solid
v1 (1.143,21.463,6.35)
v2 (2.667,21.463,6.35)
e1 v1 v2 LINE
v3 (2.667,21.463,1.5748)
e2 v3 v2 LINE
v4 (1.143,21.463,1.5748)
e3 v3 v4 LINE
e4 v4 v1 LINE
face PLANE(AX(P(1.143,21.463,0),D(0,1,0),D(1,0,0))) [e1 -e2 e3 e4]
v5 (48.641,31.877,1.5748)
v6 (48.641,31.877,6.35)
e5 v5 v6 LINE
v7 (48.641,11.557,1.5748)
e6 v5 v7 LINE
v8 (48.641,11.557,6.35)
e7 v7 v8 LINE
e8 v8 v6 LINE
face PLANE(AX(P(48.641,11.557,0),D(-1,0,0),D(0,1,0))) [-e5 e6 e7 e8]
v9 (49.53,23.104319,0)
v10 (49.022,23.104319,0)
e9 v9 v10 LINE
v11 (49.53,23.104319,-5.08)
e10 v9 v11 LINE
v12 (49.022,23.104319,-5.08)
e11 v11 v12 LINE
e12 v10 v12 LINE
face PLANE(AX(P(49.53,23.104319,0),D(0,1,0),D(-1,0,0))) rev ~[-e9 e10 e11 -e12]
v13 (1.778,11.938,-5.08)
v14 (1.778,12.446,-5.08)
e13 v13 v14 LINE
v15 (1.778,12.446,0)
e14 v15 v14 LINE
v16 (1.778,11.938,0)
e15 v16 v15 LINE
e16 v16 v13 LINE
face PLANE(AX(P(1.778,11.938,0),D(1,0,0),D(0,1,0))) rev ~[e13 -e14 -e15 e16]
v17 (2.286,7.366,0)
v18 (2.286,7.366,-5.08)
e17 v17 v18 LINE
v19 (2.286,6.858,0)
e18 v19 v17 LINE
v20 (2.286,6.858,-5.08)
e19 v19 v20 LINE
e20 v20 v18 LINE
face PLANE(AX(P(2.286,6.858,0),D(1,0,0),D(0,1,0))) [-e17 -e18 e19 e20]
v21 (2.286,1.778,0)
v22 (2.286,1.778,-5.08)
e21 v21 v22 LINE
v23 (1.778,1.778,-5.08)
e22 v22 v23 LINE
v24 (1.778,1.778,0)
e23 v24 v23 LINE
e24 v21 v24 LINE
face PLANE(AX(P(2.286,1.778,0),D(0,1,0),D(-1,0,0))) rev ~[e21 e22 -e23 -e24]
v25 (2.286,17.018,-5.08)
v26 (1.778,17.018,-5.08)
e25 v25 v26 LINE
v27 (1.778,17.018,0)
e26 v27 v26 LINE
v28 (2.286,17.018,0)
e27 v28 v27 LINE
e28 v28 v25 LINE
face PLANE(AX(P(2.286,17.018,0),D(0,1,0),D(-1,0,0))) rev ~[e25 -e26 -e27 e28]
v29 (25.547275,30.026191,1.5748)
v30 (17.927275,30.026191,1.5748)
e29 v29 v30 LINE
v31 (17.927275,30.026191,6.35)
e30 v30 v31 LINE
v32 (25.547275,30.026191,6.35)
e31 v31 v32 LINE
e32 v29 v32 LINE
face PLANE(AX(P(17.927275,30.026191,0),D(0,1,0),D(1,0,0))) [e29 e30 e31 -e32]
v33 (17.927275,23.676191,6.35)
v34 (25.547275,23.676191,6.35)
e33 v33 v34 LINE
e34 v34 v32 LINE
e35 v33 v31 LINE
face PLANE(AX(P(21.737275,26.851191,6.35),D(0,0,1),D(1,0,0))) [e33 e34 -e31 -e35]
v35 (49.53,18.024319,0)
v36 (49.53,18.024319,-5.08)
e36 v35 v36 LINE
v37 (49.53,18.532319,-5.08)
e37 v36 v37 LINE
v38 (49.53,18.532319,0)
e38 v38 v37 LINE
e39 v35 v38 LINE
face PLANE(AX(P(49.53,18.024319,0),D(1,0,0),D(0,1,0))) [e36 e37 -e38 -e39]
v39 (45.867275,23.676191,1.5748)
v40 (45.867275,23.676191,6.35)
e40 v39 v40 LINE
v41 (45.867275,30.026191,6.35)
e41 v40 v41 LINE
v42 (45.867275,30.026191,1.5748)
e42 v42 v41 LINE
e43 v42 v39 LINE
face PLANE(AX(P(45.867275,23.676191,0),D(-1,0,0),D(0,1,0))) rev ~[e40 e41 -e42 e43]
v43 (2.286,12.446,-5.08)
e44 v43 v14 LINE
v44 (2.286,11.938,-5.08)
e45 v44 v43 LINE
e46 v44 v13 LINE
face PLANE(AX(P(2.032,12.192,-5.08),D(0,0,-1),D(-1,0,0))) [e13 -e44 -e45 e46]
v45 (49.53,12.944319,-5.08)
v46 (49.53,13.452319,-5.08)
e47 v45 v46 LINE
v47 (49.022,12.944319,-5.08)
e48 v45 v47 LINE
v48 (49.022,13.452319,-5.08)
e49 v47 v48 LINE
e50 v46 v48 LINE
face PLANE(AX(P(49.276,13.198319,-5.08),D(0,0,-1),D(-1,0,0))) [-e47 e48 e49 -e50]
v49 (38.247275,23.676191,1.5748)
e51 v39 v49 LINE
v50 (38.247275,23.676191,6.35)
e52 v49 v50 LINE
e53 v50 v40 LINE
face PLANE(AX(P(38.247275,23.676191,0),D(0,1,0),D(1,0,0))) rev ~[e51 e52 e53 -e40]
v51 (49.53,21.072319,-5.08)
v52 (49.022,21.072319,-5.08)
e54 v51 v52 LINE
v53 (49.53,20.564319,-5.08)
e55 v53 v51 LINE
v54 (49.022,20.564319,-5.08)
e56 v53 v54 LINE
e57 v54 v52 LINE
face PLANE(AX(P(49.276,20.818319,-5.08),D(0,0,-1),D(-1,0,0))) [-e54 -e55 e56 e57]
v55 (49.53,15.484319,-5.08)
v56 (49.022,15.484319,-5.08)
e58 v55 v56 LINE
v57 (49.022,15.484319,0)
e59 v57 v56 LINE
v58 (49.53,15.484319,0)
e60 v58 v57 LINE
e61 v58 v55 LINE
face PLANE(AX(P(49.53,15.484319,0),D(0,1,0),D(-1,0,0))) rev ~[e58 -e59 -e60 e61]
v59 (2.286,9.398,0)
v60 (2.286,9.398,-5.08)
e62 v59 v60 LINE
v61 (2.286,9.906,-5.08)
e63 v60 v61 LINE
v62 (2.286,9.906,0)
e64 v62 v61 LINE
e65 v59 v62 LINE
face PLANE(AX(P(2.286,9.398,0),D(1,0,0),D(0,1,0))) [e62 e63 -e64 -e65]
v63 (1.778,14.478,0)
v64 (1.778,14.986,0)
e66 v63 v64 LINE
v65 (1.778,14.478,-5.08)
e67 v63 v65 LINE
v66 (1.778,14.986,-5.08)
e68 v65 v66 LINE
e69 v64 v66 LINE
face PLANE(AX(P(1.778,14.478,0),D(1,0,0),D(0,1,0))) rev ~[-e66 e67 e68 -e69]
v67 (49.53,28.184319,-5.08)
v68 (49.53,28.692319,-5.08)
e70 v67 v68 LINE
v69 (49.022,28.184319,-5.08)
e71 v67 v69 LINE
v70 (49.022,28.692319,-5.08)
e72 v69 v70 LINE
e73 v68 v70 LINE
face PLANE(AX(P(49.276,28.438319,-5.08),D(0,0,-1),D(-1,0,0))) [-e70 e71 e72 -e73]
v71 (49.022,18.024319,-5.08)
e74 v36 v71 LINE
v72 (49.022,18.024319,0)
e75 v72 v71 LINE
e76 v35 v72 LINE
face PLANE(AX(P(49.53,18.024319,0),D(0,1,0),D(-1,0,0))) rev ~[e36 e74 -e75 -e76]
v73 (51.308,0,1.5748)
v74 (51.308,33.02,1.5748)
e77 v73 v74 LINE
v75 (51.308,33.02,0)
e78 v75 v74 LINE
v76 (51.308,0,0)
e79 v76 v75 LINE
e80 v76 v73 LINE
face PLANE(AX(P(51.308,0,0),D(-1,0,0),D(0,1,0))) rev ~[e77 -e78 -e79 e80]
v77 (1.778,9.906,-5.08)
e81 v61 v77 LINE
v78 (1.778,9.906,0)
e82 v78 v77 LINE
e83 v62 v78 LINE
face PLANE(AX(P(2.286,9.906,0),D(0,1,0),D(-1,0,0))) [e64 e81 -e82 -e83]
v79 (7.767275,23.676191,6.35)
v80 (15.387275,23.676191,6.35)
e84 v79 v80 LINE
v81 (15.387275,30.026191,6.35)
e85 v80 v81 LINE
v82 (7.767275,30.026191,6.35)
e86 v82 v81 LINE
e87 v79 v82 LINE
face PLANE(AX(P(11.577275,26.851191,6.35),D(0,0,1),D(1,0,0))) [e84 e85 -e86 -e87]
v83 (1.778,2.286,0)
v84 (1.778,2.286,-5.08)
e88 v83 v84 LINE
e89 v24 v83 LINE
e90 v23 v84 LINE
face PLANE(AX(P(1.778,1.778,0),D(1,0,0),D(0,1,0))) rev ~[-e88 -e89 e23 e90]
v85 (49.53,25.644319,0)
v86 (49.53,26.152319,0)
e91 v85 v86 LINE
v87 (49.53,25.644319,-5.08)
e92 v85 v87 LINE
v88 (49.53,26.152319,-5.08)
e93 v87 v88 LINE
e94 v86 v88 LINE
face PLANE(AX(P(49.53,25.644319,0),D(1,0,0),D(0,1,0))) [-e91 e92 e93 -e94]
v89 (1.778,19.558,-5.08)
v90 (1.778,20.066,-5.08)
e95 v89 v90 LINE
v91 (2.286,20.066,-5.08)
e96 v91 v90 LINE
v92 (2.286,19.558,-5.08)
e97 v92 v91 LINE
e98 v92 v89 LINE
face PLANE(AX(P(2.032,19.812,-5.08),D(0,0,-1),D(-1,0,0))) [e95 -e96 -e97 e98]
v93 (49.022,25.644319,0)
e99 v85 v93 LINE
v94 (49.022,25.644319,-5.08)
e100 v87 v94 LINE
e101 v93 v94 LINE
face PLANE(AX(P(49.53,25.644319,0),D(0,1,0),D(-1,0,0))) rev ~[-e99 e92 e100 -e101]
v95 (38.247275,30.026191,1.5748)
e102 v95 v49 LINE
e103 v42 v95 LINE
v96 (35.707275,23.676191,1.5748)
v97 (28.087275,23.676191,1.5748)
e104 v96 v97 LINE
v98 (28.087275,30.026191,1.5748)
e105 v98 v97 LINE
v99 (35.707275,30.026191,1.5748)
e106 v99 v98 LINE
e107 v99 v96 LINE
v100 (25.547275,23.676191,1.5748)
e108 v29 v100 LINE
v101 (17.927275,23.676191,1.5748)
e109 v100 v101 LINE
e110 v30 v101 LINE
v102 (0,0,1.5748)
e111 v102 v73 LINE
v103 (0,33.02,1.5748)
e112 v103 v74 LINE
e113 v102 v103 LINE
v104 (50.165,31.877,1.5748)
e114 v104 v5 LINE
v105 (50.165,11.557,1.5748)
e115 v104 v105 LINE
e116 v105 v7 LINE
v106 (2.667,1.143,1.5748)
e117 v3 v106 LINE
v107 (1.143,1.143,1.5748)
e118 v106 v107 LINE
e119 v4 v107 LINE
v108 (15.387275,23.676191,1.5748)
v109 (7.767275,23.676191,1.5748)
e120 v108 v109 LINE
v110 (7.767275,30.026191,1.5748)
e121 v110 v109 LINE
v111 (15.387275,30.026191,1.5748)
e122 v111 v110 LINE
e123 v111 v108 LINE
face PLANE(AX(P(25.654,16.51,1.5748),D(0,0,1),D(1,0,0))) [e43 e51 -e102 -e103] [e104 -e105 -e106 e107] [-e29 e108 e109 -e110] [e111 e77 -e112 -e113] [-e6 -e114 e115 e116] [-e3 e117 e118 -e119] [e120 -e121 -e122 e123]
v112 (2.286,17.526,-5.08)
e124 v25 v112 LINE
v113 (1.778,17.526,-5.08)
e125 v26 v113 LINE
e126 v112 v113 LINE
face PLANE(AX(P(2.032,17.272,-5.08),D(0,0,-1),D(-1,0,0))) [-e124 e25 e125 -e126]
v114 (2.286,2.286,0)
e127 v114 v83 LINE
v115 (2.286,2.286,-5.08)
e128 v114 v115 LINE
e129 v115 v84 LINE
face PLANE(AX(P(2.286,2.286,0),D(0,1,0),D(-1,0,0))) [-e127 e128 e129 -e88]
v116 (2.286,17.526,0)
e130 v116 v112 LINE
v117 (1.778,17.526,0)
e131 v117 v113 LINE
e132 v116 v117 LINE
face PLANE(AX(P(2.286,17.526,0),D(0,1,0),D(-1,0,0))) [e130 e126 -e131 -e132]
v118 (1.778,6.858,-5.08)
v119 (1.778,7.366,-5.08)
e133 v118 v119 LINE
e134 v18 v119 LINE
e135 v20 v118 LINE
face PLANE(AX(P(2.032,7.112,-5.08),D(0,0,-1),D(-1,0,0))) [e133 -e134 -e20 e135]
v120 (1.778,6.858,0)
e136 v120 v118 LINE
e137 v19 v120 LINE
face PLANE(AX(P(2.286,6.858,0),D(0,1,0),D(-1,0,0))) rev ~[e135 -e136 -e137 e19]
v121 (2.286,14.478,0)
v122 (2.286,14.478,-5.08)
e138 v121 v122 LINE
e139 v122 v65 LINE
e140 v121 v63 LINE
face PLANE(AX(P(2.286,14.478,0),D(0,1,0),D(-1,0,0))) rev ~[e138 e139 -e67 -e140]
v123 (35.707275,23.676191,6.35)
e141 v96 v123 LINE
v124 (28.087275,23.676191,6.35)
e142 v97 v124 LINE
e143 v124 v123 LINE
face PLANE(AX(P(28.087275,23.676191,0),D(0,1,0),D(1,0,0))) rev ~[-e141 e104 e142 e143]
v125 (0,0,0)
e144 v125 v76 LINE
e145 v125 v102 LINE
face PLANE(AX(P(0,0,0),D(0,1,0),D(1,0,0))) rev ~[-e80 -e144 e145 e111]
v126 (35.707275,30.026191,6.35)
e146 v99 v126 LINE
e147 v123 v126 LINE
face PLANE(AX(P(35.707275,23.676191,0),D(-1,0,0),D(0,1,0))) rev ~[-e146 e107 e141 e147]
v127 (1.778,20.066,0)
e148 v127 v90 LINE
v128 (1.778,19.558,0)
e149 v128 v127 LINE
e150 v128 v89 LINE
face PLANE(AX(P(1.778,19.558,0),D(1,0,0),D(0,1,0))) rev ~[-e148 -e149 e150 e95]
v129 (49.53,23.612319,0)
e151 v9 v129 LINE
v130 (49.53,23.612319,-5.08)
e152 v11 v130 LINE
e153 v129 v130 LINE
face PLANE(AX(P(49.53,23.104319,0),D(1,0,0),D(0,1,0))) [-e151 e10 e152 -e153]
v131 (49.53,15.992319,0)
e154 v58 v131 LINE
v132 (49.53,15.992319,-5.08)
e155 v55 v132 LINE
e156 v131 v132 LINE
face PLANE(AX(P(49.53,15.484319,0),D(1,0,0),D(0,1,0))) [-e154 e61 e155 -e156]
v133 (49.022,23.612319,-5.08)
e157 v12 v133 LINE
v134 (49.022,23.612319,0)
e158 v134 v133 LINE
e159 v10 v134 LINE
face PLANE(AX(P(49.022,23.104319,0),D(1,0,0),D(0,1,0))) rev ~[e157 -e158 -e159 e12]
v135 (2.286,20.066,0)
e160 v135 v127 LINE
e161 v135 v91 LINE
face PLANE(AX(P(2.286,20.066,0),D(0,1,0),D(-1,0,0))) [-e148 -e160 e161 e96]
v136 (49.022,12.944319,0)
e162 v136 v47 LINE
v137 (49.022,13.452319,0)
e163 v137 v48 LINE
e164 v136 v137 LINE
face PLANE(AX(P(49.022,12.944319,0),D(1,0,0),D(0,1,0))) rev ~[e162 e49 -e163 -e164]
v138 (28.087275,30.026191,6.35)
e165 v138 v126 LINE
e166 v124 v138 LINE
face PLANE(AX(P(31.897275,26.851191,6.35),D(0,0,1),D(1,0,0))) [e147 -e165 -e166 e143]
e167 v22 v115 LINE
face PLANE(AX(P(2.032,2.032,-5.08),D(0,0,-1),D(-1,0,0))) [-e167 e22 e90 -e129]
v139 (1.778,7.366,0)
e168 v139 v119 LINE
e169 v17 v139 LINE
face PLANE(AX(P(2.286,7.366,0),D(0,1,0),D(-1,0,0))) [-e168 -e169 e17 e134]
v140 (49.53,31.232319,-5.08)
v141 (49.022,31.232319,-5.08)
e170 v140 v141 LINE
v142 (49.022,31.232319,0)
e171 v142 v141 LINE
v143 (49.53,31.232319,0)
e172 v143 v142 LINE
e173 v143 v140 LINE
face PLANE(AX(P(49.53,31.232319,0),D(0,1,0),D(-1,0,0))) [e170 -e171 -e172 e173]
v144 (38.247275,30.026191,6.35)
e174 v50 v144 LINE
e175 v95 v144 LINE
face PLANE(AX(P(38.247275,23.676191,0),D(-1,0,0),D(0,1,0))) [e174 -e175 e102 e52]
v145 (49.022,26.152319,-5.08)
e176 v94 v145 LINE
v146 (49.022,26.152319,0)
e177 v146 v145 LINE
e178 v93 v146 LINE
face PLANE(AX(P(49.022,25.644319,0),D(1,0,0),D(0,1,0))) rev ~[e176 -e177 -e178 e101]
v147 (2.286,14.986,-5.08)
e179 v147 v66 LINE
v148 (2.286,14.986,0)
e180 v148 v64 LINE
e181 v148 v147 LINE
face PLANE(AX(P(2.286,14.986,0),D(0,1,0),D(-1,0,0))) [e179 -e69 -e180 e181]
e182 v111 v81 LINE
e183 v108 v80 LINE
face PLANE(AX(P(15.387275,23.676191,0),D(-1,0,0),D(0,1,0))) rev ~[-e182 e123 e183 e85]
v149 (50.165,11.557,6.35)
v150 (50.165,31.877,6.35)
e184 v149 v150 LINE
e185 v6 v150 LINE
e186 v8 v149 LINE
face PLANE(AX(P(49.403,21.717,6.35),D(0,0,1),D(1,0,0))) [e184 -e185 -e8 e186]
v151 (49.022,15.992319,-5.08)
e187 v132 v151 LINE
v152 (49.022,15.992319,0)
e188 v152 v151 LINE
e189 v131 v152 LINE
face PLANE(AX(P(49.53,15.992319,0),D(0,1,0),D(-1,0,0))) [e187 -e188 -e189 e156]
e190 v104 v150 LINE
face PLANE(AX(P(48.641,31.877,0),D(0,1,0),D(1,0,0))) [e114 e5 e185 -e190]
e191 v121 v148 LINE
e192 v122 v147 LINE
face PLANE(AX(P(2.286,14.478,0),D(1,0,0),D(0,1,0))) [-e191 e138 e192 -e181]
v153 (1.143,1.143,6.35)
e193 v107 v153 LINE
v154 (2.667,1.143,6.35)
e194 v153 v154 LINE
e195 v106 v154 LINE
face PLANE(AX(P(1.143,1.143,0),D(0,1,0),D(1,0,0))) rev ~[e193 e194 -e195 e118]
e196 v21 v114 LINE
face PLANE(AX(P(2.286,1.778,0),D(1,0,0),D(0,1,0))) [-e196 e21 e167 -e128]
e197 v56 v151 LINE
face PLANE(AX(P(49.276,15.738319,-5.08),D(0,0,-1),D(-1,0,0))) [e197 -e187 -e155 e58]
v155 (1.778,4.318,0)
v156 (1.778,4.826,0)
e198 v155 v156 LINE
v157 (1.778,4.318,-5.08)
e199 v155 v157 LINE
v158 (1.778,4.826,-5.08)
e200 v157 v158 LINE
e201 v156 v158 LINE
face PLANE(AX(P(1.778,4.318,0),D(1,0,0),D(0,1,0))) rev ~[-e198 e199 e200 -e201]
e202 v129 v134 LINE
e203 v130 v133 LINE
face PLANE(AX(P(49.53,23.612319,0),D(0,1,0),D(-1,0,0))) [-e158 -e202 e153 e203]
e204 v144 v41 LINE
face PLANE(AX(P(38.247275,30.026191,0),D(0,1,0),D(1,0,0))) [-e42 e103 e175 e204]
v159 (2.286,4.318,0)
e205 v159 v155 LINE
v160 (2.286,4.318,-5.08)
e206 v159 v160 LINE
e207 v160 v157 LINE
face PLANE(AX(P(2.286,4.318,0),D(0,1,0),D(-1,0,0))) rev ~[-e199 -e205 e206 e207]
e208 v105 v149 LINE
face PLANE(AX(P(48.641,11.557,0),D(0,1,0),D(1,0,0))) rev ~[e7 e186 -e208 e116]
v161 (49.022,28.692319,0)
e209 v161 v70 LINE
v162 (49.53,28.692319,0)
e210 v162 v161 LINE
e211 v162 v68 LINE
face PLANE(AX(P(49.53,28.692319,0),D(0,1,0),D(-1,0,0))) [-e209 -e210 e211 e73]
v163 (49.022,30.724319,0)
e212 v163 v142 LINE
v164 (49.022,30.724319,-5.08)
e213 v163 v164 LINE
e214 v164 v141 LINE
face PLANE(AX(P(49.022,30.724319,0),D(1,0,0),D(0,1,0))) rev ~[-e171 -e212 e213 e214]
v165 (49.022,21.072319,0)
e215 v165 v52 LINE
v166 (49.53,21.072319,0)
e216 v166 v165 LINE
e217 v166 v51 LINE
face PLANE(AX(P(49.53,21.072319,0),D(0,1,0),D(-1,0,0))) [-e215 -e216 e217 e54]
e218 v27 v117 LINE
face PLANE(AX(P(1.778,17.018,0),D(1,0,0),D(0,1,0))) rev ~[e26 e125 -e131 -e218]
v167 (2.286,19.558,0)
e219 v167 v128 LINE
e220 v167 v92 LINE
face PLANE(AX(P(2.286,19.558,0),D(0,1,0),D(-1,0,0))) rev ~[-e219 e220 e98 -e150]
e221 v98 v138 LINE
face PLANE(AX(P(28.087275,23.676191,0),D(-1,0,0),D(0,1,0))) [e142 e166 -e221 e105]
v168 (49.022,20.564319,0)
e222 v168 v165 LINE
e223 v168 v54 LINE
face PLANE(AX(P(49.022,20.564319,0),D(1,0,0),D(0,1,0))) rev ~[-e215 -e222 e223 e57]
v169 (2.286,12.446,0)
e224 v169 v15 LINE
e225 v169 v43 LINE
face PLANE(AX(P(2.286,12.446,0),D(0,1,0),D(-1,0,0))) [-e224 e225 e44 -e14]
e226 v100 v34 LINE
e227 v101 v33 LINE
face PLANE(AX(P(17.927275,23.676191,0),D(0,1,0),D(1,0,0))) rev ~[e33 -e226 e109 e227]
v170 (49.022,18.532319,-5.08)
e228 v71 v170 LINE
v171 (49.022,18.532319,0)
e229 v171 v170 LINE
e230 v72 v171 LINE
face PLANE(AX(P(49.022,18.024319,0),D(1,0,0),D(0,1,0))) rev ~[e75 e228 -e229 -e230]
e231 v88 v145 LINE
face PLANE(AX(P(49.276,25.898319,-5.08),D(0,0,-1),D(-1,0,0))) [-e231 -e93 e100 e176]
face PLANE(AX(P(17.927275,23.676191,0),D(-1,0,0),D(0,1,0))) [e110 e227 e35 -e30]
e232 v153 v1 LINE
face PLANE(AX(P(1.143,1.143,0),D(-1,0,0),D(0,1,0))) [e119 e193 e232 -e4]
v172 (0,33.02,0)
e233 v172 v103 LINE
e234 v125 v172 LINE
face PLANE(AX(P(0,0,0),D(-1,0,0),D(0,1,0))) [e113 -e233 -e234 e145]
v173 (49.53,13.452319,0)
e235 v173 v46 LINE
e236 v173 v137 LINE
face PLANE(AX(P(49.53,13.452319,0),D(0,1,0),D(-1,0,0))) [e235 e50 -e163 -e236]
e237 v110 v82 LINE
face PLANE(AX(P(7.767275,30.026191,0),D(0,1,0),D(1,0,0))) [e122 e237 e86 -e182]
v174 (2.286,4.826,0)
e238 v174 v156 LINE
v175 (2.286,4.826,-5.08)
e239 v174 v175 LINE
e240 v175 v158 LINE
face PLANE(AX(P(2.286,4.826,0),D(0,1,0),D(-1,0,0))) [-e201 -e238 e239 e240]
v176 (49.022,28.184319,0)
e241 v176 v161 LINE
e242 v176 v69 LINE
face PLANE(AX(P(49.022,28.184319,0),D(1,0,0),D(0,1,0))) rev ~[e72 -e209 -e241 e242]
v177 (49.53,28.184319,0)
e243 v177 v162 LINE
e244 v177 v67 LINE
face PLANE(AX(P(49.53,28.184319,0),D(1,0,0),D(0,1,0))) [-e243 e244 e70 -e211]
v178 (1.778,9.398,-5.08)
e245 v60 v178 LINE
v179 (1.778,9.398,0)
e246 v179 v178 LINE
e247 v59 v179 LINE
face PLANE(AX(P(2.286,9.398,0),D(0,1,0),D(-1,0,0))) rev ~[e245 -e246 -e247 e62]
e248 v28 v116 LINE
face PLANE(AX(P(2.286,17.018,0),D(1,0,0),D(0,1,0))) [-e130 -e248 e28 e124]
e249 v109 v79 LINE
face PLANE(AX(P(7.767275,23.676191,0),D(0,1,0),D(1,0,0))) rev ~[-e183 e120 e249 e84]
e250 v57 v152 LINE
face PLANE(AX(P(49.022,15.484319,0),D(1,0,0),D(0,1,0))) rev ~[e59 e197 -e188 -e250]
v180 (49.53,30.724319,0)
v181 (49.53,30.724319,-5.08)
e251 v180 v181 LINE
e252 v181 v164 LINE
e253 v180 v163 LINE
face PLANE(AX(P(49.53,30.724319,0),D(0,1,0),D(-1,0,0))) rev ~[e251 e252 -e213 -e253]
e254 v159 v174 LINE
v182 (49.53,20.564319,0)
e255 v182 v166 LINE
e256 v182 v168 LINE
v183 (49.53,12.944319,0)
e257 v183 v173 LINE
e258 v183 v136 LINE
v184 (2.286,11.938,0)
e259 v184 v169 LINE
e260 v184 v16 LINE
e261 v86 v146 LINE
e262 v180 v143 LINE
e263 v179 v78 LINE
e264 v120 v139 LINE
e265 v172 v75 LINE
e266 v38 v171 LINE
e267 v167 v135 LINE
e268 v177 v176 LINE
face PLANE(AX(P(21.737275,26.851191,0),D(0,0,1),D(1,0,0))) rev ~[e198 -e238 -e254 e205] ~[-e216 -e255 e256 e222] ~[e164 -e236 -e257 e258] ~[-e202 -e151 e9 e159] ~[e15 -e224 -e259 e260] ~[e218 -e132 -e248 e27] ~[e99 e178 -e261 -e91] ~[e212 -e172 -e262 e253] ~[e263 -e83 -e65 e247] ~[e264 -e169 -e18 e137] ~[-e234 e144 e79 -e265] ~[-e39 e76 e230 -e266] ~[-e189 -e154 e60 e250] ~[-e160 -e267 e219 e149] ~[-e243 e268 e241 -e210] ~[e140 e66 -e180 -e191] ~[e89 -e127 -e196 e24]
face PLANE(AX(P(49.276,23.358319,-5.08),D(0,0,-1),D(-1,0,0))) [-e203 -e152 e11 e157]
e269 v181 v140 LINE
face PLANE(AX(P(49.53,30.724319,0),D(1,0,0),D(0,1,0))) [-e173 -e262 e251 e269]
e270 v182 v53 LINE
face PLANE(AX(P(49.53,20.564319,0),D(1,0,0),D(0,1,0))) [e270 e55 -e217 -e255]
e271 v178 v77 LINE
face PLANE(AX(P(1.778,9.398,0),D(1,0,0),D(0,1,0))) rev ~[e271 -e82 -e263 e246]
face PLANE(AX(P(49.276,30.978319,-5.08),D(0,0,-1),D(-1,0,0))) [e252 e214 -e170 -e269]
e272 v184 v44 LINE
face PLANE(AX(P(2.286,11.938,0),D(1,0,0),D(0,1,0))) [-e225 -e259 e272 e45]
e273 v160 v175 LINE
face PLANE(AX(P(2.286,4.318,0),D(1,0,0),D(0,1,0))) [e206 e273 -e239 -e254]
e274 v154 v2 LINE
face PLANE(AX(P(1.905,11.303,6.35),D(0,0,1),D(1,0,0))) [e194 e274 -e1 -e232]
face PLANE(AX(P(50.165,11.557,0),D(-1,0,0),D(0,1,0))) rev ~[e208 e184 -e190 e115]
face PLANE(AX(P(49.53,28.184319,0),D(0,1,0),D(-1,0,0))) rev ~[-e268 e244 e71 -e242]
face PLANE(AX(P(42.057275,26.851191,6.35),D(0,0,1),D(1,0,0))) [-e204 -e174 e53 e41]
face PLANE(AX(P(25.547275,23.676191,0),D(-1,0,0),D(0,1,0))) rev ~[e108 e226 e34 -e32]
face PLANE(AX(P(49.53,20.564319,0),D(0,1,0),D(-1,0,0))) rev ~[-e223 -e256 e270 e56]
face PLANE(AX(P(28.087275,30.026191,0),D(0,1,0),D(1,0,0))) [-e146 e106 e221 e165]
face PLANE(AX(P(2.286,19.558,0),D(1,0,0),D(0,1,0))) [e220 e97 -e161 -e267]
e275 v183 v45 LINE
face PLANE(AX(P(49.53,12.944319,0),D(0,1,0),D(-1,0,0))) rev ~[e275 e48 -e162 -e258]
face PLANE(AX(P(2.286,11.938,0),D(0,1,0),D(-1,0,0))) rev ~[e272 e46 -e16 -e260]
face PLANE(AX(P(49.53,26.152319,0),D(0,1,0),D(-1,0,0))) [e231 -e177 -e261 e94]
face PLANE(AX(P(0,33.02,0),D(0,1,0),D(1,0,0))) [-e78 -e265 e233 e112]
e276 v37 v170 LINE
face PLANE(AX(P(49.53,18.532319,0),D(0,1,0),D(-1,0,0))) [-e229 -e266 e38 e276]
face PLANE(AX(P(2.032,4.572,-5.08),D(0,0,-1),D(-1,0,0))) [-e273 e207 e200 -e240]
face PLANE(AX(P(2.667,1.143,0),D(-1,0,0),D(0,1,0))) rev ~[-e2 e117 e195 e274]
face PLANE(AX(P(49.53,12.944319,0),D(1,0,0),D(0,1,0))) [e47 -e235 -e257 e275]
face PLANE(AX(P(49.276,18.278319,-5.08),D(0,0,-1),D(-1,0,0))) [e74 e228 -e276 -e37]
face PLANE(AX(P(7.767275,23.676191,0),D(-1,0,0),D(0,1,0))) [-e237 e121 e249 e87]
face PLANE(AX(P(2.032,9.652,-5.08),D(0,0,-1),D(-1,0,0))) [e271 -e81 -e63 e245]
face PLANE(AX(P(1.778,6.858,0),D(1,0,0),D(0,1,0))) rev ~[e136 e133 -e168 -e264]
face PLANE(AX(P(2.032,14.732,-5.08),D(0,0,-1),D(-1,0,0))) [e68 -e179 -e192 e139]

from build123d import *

# Parameters (mm, degrees)
SKETCH1_W           = 51.308
SKETCH1_H           = 33.02
BOSS_EXTRUDE1_DEPTH = 1.5748
SKETCH2_W           = 1.524
SKETCH2_H           = 20.32
BOSS_EXTRUDE2_DEPTH = 6.35
SKETCH3_W           = 7.62
SKETCH3_H           = 6.35
BOSS_EXTRUDE3_DEPTH = 6.35
LPATTERN2_COUNT     = 4
LPATTERN2_PITCH     = 10.16
SKETCH6_W           = 0.508
SKETCH6_H           = 0.508
BOSS_EXTRUDE4_DEPTH = 5.08
LPATTERN3_COUNT     = 8
LPATTERN3_PITCH     = 2.54
SKETCH7_W           = 0.508
SKETCH7_H           = 0.508
BOSS_EXTRUDE5_DEPTH = 5.08
LPATTERN4_COUNT     = 8
LPATTERN4_PITCH     = 2.54


with BuildPart() as part:
    # Sketch1 → Boss-Extrude1 (new body)
    with BuildSketch(Plane.XY):
        with Locations((25.654, 16.51)):
            Rectangle(SKETCH1_W, SKETCH1_H)
    extrude(amount=BOSS_EXTRUDE1_DEPTH)

    # Sketch2 → Boss-Extrude2 (add)
    with BuildSketch(Plane.XY):
        with Locations((49.403, 21.717)):
            Rectangle(SKETCH2_W, SKETCH2_H)
        with Locations((1.905, 11.303)):
            Rectangle(SKETCH2_W, SKETCH2_H)
    extrude(amount=BOSS_EXTRUDE2_DEPTH)

    # Sketch3 → Boss-Extrude3 (add)
    with BuildSketch(Plane.XY):
        with Locations((11.577275474, 26.851190856)):
            Rectangle(SKETCH3_W, SKETCH3_H)
    boss_extrude3 = extrude(amount=BOSS_EXTRUDE3_DEPTH)

    # LPattern2: Boss-Extrude3 ×4
    with Locations(*[(i * LPATTERN2_PITCH, 0, 0) for i in range(1, LPATTERN2_COUNT)]):
        add(boss_extrude3)

    # Sketch6 → Boss-Extrude4 (add)
    with BuildSketch(Plane(origin=(0, 0, 0), x_dir=(-1, 0, 0), z_dir=(0, 0, -1))):
        with Locations((-49.276, 30.978319105)):
            Rectangle(SKETCH6_W, SKETCH6_H)
    boss_extrude4 = extrude(amount=BOSS_EXTRUDE4_DEPTH)

    # LPattern3: Boss-Extrude4 ×8
    with Locations(*[(0, -i * LPATTERN3_PITCH, 0) for i in range(1, LPATTERN3_COUNT)]):
        add(boss_extrude4)

    # Sketch7 → Boss-Extrude5 (add)
    with BuildSketch(Plane(origin=(0, 0, 0), x_dir=(-1, 0, 0), z_dir=(0, 0, -1))):
        with Locations((-2.032, 2.032)):
            Rectangle(SKETCH7_W, SKETCH7_H)
    boss_extrude5 = extrude(amount=BOSS_EXTRUDE5_DEPTH)

    # LPattern4: Boss-Extrude5 ×8
    with Locations(*[(0, i * LPATTERN4_PITCH, 0) for i in range(1, LPATTERN4_COUNT)]):
        add(boss_extrude5)


solid = part.part
